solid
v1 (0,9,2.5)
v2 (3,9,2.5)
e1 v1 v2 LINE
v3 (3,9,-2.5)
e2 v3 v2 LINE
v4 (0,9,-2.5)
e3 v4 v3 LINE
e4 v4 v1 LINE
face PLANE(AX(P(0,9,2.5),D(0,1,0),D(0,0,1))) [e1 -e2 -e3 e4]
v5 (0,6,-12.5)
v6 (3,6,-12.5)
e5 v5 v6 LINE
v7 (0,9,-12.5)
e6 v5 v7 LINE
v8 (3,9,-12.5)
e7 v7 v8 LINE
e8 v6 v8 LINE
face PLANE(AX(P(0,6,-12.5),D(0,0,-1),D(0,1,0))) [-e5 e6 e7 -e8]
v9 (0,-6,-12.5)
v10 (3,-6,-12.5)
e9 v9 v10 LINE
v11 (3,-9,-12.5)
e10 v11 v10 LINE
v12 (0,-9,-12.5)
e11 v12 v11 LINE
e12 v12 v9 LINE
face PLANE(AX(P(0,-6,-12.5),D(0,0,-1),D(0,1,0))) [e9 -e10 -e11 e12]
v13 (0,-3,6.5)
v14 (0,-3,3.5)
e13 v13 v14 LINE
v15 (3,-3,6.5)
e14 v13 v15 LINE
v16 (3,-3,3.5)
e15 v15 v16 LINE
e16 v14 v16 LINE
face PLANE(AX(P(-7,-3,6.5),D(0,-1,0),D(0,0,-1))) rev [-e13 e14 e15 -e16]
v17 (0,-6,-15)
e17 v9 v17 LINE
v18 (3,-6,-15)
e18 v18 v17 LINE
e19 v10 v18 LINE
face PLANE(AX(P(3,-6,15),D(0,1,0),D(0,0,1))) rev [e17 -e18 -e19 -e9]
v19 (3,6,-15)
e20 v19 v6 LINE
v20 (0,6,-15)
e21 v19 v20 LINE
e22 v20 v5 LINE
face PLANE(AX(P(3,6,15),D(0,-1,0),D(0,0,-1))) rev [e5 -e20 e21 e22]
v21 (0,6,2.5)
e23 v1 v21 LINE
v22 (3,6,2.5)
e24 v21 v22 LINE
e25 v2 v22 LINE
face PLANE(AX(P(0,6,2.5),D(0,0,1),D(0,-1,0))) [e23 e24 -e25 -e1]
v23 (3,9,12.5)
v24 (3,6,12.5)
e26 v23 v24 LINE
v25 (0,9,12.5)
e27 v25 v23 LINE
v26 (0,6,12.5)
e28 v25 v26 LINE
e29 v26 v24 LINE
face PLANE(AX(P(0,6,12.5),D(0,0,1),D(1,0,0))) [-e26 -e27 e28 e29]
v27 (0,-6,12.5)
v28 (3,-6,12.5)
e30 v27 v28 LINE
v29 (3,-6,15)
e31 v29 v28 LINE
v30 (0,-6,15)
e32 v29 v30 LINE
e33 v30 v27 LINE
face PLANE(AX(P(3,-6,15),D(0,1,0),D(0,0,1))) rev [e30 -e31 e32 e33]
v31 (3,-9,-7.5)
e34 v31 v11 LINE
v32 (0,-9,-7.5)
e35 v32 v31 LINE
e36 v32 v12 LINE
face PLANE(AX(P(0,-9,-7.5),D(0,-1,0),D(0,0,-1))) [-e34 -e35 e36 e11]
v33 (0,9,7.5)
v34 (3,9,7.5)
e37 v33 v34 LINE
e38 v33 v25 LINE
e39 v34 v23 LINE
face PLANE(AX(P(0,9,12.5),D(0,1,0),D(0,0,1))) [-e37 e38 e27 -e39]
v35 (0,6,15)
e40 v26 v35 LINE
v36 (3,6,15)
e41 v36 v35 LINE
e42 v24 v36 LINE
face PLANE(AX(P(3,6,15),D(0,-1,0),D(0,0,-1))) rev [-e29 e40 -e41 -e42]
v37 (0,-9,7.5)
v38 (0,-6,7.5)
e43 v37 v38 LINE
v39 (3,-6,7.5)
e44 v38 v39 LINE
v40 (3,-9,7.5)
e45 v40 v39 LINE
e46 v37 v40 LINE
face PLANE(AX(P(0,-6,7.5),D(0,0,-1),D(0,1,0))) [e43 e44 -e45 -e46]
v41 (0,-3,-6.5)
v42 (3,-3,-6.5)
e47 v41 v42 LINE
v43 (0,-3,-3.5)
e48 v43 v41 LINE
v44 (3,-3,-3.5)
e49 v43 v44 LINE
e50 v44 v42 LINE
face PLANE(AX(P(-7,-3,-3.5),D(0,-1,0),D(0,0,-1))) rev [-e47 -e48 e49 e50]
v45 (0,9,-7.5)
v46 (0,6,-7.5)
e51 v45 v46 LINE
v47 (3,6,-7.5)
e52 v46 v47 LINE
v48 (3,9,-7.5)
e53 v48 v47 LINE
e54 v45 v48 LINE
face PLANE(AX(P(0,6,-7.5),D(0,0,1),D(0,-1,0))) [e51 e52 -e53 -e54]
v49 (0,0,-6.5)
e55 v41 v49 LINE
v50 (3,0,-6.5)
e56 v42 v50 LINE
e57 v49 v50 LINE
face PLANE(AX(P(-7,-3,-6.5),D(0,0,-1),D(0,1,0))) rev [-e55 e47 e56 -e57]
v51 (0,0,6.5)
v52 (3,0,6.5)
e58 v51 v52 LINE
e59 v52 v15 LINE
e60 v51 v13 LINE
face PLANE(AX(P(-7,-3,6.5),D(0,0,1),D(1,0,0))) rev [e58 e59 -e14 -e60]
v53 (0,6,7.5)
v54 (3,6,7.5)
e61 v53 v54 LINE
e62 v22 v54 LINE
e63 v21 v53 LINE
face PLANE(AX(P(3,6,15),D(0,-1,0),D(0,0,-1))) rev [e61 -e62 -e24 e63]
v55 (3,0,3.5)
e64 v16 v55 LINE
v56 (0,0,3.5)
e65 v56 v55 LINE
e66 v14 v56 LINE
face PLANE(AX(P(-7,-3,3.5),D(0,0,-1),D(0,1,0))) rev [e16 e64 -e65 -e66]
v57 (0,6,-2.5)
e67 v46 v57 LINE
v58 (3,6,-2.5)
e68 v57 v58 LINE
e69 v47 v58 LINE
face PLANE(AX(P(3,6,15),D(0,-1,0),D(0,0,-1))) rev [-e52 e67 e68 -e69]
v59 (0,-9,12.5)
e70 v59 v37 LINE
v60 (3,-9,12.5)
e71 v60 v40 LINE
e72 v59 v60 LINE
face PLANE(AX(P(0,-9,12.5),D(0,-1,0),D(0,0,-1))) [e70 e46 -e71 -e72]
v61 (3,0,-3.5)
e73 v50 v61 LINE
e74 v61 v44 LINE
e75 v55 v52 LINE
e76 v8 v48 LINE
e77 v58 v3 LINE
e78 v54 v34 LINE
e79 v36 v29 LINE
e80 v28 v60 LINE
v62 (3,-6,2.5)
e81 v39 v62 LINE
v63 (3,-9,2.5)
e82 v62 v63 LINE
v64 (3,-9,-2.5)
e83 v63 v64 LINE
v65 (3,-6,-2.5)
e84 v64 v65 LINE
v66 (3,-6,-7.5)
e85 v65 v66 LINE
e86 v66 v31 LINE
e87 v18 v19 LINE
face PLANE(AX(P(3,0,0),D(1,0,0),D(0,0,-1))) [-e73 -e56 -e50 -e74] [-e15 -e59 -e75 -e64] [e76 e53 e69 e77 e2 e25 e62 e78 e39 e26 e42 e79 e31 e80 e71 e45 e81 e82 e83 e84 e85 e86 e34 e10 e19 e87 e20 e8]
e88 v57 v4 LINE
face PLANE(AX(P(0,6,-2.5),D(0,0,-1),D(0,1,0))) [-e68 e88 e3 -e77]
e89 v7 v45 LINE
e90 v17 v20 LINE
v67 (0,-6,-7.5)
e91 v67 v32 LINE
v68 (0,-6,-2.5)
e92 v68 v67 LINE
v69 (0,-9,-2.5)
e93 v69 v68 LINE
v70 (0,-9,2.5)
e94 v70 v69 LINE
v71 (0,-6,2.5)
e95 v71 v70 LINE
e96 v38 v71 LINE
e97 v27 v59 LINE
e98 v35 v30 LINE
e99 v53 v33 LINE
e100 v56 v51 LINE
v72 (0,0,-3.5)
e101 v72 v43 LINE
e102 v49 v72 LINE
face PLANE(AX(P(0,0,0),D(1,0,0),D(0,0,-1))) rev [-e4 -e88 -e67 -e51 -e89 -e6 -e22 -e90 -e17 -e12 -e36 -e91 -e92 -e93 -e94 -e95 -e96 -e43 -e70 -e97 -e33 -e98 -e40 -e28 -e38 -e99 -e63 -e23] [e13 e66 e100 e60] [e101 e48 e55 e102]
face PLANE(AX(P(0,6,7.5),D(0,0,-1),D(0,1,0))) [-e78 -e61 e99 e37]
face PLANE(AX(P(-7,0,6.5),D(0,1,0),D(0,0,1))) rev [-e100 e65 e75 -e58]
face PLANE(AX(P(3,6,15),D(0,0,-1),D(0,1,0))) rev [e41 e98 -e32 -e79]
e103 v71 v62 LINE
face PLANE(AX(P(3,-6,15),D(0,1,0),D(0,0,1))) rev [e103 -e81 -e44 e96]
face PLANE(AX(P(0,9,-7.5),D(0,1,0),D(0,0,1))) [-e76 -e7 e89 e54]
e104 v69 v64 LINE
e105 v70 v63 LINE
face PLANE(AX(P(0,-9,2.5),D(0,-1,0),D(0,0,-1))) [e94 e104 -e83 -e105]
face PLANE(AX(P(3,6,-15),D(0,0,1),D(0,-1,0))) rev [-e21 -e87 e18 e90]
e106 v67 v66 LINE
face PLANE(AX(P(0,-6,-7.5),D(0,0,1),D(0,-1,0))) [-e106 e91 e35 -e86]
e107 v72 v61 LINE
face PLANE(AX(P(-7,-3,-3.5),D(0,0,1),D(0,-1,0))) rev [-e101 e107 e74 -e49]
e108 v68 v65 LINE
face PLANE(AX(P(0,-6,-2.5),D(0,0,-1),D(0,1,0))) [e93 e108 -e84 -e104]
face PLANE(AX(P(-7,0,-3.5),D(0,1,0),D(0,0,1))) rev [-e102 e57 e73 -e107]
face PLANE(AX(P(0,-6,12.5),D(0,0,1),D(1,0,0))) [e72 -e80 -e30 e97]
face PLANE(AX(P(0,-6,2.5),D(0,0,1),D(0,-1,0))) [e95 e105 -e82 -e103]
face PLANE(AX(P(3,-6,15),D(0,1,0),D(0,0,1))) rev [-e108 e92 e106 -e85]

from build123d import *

# Parameters (mm, degrees)
SKETCH1_W           = 30
SKETCH1_H           = 12
BOSS_EXTRUDE1_DEPTH = 3
SKETCH3_W           = 5
SKETCH3_H           = 3
BOSS_EXTRUDE2_DEPTH = 3
SKETCH4_W           = 3
SKETCH4_H           = 3
CUT_EXTRUDE1_DEPTH  = 10


with BuildPart() as part:
    # Sketch1 → Boss-Extrude1 (new body)
    with BuildSketch(Plane(origin=(0, 0, 0), x_dir=(0, 0, -1), z_dir=(1, 0, 0))):
        Rectangle(SKETCH1_W, SKETCH1_H)
    extrude(amount=BOSS_EXTRUDE1_DEPTH)

    # Sketch3 → Boss-Extrude2 (add)
    with BuildSketch(Plane(origin=(3, 0, 0), x_dir=(0, 0, -1), z_dir=(1, 0, 0))):
        with Locations((-10, 7.5)):
            Rectangle(SKETCH3_W, SKETCH3_H)
        with Locations((0, 7.5)):
            Rectangle(SKETCH3_W, SKETCH3_H)
        with Locations((10, 7.5)):
            Rectangle(SKETCH3_W, SKETCH3_H)
        with Locations((10, -7.5)):
            Rectangle(SKETCH3_W, SKETCH3_H)
        with Locations((0, -7.5)):
            Rectangle(SKETCH3_W, SKETCH3_H)
        with Locations((-10, -7.5)):
            Rectangle(SKETCH3_W, SKETCH3_H)
    extrude(amount=-BOSS_EXTRUDE2_DEPTH)

    # Sketch4 → Cut-Extrude1 (cut)
    with BuildSketch(Plane(origin=(3, 0, 0), x_dir=(0, 0, -1), z_dir=(1, 0, 0))):
        with Locations((-5, -1.5)):
            Rectangle(SKETCH4_W, SKETCH4_H)
        with Locations((5, -1.5)):
            Rectangle(SKETCH4_W, SKETCH4_H)
    extrude(amount=-CUT_EXTRUDE1_DEPTH, mode=Mode.SUBTRACT)


solid = part.part
